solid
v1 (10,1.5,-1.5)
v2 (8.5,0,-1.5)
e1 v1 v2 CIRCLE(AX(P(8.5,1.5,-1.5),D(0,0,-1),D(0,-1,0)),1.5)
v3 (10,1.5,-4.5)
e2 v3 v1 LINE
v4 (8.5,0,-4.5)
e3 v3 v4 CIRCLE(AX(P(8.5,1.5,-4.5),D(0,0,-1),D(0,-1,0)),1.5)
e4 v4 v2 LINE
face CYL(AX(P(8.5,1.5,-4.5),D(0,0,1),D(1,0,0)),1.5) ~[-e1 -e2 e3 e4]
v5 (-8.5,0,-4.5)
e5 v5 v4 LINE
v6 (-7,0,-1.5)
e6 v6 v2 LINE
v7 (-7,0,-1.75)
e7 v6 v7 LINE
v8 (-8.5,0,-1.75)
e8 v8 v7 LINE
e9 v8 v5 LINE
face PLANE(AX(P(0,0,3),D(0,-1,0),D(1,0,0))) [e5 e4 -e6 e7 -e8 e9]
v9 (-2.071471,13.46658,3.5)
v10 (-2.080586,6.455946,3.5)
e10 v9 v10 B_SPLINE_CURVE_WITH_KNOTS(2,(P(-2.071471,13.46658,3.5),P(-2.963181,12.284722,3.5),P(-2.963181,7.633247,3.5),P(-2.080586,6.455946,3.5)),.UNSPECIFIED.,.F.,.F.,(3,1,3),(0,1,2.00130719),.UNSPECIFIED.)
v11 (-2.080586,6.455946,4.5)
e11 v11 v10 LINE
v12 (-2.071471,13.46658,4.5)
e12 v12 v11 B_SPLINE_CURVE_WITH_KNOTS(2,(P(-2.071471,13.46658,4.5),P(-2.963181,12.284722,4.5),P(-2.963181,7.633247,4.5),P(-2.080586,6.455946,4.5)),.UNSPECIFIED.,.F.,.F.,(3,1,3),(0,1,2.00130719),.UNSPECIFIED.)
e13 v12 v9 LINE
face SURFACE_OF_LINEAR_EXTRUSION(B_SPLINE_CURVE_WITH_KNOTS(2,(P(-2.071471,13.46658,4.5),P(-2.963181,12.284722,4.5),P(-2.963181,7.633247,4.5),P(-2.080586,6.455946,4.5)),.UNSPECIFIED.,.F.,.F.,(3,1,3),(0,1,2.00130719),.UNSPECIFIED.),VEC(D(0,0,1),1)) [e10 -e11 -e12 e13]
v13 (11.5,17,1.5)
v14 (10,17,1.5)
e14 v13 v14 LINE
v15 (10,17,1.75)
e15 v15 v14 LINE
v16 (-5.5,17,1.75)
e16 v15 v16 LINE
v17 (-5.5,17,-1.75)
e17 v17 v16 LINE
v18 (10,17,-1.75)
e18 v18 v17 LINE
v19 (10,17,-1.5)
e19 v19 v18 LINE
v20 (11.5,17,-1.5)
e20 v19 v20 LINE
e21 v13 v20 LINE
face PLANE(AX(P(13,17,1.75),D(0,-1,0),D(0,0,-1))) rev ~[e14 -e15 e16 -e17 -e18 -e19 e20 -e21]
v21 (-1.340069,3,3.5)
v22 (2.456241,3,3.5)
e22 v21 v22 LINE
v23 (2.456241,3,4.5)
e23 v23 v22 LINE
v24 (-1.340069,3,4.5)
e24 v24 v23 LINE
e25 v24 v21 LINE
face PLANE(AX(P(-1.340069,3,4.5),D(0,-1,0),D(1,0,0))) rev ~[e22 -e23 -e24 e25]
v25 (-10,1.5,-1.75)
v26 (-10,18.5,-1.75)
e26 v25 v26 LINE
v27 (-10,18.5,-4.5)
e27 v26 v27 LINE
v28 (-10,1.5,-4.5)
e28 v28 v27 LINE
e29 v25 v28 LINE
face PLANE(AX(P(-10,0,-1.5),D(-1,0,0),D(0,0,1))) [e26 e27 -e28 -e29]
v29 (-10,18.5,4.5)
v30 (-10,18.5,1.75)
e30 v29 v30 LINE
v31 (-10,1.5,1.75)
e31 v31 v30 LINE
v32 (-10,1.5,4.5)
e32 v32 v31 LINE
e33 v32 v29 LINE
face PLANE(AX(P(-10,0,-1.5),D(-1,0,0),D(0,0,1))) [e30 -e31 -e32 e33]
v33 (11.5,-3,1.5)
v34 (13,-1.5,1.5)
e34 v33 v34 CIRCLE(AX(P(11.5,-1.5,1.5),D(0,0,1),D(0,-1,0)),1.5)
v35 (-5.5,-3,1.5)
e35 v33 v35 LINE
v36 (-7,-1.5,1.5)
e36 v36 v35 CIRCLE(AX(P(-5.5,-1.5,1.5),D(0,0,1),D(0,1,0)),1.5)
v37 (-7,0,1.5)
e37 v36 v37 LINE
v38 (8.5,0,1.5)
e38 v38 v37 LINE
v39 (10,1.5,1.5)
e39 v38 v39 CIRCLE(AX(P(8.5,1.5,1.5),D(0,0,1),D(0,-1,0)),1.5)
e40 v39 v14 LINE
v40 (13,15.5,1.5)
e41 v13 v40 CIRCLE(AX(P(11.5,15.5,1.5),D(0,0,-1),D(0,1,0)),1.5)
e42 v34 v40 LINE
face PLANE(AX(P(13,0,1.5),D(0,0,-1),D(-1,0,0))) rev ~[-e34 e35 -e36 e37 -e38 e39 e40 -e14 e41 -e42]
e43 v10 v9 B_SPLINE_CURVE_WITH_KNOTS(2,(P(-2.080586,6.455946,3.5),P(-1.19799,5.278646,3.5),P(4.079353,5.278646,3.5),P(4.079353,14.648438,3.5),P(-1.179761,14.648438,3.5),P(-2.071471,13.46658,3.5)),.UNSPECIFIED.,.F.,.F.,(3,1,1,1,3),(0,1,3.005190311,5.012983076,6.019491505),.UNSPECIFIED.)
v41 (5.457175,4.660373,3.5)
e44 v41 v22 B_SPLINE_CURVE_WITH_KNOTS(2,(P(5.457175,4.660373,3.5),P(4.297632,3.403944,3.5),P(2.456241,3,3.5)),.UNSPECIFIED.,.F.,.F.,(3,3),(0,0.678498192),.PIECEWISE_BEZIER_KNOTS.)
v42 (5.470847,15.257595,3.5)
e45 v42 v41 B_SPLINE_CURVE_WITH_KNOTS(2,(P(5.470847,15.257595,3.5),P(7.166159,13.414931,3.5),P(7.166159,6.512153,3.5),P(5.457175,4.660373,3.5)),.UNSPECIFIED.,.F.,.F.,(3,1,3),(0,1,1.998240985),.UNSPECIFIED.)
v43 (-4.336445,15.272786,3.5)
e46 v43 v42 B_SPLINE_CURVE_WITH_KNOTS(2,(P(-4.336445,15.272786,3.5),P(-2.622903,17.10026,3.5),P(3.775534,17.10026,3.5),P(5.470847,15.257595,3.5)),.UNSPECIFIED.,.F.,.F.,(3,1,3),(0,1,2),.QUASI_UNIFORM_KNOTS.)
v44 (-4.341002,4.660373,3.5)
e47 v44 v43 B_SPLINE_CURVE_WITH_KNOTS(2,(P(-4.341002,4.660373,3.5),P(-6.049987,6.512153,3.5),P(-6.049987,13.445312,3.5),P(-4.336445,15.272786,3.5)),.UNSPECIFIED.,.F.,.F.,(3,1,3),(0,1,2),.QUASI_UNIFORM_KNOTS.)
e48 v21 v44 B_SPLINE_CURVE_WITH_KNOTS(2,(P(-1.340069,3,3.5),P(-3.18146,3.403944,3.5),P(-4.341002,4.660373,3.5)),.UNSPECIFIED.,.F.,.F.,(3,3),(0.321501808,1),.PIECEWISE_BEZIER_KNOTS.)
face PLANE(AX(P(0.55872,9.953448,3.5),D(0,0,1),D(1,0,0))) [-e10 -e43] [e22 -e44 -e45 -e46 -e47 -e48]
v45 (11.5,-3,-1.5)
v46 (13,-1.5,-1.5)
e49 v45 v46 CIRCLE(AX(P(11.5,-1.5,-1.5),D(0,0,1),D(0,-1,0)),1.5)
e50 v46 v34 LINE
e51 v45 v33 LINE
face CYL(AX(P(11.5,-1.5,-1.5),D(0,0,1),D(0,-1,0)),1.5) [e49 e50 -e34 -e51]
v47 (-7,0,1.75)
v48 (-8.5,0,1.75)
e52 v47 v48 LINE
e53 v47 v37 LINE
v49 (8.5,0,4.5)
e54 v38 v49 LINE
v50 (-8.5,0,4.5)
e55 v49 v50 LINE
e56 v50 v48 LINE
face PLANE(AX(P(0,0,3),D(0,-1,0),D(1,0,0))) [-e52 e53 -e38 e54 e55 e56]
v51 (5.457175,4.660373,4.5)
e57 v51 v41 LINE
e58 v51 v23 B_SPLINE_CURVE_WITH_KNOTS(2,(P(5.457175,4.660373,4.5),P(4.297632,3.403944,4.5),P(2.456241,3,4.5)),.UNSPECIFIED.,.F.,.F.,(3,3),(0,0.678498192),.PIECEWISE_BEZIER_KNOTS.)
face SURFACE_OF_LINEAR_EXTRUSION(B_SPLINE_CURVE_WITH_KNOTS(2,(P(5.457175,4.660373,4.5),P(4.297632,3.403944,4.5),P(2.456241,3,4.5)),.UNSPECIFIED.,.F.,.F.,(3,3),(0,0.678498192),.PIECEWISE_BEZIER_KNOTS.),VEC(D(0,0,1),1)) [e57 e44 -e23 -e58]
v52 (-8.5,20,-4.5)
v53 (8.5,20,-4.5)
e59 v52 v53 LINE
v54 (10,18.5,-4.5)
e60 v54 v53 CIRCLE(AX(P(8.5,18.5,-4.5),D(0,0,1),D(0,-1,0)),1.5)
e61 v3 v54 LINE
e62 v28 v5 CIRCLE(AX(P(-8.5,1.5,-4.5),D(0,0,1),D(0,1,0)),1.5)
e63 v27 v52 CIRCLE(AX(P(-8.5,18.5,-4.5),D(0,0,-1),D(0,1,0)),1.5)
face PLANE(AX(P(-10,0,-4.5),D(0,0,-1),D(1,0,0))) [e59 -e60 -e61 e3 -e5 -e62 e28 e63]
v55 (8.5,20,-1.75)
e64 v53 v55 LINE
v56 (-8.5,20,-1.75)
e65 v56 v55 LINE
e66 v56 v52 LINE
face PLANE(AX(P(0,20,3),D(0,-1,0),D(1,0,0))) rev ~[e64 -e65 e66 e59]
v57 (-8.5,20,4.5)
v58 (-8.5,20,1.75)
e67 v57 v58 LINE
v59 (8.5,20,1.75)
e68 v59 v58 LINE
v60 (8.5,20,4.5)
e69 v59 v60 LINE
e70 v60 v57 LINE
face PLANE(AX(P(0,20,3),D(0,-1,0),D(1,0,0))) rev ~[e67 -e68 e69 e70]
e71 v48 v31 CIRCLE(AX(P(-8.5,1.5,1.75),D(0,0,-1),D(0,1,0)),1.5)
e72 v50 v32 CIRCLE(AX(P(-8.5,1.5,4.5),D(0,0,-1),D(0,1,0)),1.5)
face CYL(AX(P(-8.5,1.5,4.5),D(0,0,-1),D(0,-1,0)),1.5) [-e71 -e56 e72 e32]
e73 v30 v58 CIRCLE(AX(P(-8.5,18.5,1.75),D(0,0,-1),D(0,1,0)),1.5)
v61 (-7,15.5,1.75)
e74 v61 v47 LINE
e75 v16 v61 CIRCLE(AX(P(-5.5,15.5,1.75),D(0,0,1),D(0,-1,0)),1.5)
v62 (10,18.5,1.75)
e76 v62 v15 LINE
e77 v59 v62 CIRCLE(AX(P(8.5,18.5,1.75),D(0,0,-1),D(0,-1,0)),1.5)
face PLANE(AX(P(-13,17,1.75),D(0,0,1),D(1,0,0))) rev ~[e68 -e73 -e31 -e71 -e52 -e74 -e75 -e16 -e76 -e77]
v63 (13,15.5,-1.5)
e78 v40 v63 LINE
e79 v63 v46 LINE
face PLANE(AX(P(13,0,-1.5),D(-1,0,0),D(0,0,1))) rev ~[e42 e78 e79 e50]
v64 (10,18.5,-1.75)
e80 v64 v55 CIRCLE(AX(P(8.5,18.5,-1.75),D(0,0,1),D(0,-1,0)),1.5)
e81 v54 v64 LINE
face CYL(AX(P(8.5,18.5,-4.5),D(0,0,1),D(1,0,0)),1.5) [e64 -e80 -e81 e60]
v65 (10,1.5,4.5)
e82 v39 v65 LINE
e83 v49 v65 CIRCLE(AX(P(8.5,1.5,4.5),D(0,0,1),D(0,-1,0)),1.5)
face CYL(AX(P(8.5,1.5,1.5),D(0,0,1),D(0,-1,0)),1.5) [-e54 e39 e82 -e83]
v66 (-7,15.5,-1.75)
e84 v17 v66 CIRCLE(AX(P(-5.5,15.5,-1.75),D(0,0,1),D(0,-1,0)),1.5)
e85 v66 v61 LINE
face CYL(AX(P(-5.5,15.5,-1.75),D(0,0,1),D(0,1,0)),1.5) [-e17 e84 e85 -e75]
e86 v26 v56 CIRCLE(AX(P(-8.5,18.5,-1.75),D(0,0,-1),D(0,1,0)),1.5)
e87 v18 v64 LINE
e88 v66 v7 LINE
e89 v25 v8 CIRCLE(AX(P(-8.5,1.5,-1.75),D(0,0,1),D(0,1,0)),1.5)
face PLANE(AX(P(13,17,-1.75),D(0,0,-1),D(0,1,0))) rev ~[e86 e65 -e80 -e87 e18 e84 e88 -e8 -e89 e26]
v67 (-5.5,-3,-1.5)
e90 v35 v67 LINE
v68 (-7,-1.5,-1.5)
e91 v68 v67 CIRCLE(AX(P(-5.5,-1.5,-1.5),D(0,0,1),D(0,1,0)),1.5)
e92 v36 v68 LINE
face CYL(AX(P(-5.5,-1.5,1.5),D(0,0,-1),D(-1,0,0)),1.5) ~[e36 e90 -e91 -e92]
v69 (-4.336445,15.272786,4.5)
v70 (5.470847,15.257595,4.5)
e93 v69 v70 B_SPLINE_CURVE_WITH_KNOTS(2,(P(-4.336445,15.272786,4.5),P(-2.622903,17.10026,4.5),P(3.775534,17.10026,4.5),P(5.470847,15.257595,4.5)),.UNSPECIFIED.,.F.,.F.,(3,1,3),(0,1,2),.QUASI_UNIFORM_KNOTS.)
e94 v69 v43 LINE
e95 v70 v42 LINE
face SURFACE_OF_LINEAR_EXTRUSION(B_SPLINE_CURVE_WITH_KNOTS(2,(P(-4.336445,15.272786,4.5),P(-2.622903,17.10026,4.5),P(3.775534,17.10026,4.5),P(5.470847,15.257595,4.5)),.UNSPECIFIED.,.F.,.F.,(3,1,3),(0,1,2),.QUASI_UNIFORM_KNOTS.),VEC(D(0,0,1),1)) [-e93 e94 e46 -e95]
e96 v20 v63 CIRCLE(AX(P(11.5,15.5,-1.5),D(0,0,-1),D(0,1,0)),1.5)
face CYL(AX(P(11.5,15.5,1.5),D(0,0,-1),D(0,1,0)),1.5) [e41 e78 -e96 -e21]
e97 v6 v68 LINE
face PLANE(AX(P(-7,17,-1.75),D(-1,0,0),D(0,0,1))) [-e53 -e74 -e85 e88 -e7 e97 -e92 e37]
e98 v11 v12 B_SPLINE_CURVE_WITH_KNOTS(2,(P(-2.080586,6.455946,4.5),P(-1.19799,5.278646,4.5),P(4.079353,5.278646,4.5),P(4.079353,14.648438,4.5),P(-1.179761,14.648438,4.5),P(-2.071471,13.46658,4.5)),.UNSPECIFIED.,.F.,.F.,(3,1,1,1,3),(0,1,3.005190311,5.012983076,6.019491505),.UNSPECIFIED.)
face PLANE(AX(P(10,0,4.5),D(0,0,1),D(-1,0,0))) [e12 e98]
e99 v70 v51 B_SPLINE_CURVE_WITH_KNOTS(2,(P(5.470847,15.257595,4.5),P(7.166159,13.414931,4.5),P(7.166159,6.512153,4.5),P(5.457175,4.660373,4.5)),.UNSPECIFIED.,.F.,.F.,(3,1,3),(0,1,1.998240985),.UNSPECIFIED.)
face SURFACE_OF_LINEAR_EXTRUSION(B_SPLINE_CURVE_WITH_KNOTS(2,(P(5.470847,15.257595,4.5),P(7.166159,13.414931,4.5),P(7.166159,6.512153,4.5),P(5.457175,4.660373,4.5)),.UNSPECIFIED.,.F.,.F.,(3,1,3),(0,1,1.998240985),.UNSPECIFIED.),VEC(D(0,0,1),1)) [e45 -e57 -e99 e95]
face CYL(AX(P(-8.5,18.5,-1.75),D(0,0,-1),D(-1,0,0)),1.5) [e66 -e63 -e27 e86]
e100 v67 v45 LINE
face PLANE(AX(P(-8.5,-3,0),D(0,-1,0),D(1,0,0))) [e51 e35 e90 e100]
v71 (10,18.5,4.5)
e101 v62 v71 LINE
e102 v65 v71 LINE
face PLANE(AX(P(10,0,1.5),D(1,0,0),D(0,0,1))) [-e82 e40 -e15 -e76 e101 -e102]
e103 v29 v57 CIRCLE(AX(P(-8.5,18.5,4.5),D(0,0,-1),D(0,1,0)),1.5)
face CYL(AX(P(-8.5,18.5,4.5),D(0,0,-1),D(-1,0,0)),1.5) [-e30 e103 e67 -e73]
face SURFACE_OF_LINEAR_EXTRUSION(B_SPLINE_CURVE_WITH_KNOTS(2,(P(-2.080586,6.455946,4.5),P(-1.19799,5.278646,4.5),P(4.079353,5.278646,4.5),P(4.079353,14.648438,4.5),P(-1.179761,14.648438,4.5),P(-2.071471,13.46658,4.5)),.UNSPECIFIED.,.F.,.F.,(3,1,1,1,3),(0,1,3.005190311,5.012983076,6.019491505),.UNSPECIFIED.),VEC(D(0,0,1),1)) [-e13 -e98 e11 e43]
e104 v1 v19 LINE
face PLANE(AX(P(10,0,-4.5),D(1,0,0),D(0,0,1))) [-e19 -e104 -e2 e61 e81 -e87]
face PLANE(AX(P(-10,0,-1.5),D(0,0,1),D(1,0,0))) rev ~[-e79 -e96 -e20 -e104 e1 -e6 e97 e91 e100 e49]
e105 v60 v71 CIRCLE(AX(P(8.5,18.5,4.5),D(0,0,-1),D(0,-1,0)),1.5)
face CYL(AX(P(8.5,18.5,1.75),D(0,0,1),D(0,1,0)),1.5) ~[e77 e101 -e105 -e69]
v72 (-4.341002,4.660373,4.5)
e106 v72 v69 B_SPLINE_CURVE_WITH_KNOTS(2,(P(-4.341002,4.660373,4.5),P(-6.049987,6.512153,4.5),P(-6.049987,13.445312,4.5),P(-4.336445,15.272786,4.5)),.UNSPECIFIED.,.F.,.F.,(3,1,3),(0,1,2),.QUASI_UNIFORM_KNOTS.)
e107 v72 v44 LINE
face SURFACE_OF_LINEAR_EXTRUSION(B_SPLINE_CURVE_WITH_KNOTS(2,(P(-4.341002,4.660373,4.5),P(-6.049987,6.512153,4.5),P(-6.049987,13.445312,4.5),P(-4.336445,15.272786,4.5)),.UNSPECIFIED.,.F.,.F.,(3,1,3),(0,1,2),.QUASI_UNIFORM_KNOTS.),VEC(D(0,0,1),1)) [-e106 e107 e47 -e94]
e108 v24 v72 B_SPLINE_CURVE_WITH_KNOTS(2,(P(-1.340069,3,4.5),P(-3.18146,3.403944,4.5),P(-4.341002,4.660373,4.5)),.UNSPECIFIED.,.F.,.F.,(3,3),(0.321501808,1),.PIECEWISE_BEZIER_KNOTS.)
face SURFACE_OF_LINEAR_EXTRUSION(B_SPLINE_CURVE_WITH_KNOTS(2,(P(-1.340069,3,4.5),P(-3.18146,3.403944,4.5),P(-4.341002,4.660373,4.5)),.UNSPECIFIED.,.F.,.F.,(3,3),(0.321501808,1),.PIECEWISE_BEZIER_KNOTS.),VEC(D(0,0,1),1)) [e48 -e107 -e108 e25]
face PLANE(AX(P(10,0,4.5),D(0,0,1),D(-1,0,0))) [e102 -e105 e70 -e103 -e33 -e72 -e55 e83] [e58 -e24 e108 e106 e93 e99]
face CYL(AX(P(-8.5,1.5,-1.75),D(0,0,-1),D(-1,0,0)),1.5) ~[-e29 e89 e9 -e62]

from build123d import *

# Parameters (mm, degrees)
F0_W     = 14
F0_H     = 3
F0_W_2   = 3
F1_DEPTH = 20
F2_DEPTH = 3
F3_W     = 3
F3_H     = 3
F4_DEPTH = 100
F5_W     = 3
F5_H     = 3.5
F6_DEPTH = 100
F7_R     = 1.5
F9_DEPTH = 1


with BuildPart() as f1:
    # F0 (on Front) → F1 (new body)
    with BuildSketch(Plane.XZ):
        Polygon((10, 1.5), (10, 4.5), (-10, 4.5), (-10, 1.5), (-7, 1.5), (7, 1.5), align=None)
        Rectangle(F0_W, F0_H)
        with Locations((11.5, 0)):
            Rectangle(F0_W_2, F0_H)
        with Locations((8.5, 0)):
            Rectangle(F0_W_2, F0_H)
        with Locations((-8.5, 0)):
            Rectangle(F0_W_2, F0_H)
        Polygon((10, -4.5), (10, -1.5), (7, -1.5), (-7, -1.5), (-10, -1.5), (-10, -4.5), align=None)
    extrude(amount=-F1_DEPTH)

    # F0 (on Front) → F2 (join)
    with BuildSketch(Plane.XZ):
        with Locations((-8.5, 0)):
            Rectangle(F0_W_2, F0_H)
        Rectangle(F0_W, F0_H)
        with Locations((8.5, 0)):
            Rectangle(F0_W_2, F0_H)
        with Locations((11.5, 0)):
            Rectangle(F0_W_2, F0_H)
    extrude(amount=F2_DEPTH)

    # F3 (on face) → F4 (cut)
    with BuildSketch(Plane.YZ.offset(13)):
        Polygon((23, -1.75), (23, 1.75), (17, 1.75), (17, 1.5), (20, 1.5), (20, -1.5), (17, -1.5), (17, -1.75), align=None)
        with Locations((18.5, 0)):
            Rectangle(F3_W, F3_H)
    extrude(amount=-F4_DEPTH, mode=Mode.SUBTRACT)

    # F5 (on face) → F6 (cut)
    with BuildSketch(Plane(origin=(0, 17, 0), x_dir=(-1, 0, 0), z_dir=(0, 1, 0))):
        with Locations((11.5, 0)):
            Rectangle(F5_W, F5_H)
        with Locations((8.5, 0)):
            Rectangle(F5_W, F5_H)
    extrude(amount=-F6_DEPTH, mode=Mode.SUBTRACT)

    # F7
    f7_edges = [f1.edges().sort_by_distance(p)[0] for p in [
        (-7, -3, 0),
        (13, -3, 0),
        (10, 0, 3),
        (10, 0, -3),
        (-10, 0, -3.125),
        (-10, 0, 3.125),
        (-7, 17, 0),
        (-10, 20, 3.125),
        (-10, 20, -3.125),
        (13, 17, 0),
        (10, 20, 3.125),
        (10, 20, -3.125),
    ]]
    fillet(f7_edges, radius=F7_R)

    # F8 (on face) → F9 (cut)
    with BuildSketch(Plane.XY.offset(4.5)):
        with BuildLine():
            Line((-1.3400688011, 3), (2.4562410374, 3))
            add(Edge.make_bspline(
                [(5.4571746599, 4.6603732639), (4.2976318515, 3.403944212), (2.4562410374, 3)],
                knots=[0, 0, 0, 0.6784981919, 0.6784981919, 0.6784981919], degree=2))
            add(Edge.make_bspline(
                [(7.1661590349, 9.9605034722), (7.1661590349, 6.5121527778), (5.4571746599, 4.6603732639)],
                knots=[0, 0, 0, 1, 1, 1], degree=2))
            add(Edge.make_bspline(
                [(5.4708465349, 15.2575954861), (7.1661590349, 13.4149305556), (7.1661590349, 9.9605034722)],
                knots=[0, 0, 0, 1, 1, 1], degree=2))
            add(Edge.make_bspline(
                [(0.5763152849, 17.1002604167), (3.7755340349, 17.1002604167), (5.4708465349, 15.2575954861)],
                knots=[0, 0, 0, 1, 1, 1], degree=2))
            add(Edge.make_bspline(
                [(-4.3364451318, 15.2727864583), (-2.6229034651, 17.1002604167), (0.5763152849, 17.1002604167)],
                knots=[0, 0, 0, 1, 1, 1], degree=2))
            add(Edge.make_bspline(
                [(-6.0499867985, 9.9787326389), (-6.0499867985, 13.4453125), (-4.3364451318, 15.2727864583)],
                knots=[0, 0, 0, 1, 1, 1], degree=2))
            add(Edge.make_bspline(
                [(-4.3410024235, 4.6603732639), (-6.0499867985, 6.5121527778), (-6.0499867985, 9.9787326389)],
                knots=[0, 0, 0, 1, 1, 1], degree=2))
            add(Edge.make_bspline(
                [(-1.3400688011, 3), (-3.1814596151, 3.403944212), (-4.3410024235, 4.6603732639)],
                knots=[0.3215018081, 0.3215018081, 0.3215018081, 1, 1, 1], degree=2))
        make_face()
        with BuildLine():
            add(Edge.make_bspline(
                [(-2.9631812429, 9.9605034722), (-2.9631812429, 7.6332465278), (-2.0805857568, 6.4559461806)],
                knots=[0, 0, 0, 1, 1, 1], degree=2))
            add(Edge.make_bspline(
                [(-2.0714711735, 13.4665798611), (-2.9631812429, 12.2847222222), (-2.9631812429, 9.9605034722)],
                knots=[0, 0, 0, 1, 1, 1], degree=2))
            add(Edge.make_bspline(
                [(0.5763152849, 14.6484375), (-1.179761104, 14.6484375), (-2.0714711735, 13.4665798611)],
                knots=[0, 0, 0, 1, 1, 1], degree=2))
            add(Edge.make_bspline(
                [(4.0793534793, 9.9605034722), (4.0793534793, 14.6484375), (0.5763152849, 14.6484375)],
                knots=[0, 0, 0, 1, 1, 1], degree=2))
            add(Edge.make_bspline(
                [(0.5580861182, 5.2786458333), (4.0793534793, 5.2786458333), (4.0793534793, 9.9605034722)],
                knots=[0, 0, 0, 1, 1, 1], degree=2))
            add(Edge.make_bspline(
                [(-2.0805857568, 6.4559461806), (-1.1979902707, 5.2786458333), (0.5580861182, 5.2786458333)],
                knots=[0, 0, 0, 1, 1, 1], degree=2))
        make_face(mode=Mode.SUBTRACT)
    extrude(amount=-F9_DEPTH, mode=Mode.SUBTRACT)


solid = f1.part
